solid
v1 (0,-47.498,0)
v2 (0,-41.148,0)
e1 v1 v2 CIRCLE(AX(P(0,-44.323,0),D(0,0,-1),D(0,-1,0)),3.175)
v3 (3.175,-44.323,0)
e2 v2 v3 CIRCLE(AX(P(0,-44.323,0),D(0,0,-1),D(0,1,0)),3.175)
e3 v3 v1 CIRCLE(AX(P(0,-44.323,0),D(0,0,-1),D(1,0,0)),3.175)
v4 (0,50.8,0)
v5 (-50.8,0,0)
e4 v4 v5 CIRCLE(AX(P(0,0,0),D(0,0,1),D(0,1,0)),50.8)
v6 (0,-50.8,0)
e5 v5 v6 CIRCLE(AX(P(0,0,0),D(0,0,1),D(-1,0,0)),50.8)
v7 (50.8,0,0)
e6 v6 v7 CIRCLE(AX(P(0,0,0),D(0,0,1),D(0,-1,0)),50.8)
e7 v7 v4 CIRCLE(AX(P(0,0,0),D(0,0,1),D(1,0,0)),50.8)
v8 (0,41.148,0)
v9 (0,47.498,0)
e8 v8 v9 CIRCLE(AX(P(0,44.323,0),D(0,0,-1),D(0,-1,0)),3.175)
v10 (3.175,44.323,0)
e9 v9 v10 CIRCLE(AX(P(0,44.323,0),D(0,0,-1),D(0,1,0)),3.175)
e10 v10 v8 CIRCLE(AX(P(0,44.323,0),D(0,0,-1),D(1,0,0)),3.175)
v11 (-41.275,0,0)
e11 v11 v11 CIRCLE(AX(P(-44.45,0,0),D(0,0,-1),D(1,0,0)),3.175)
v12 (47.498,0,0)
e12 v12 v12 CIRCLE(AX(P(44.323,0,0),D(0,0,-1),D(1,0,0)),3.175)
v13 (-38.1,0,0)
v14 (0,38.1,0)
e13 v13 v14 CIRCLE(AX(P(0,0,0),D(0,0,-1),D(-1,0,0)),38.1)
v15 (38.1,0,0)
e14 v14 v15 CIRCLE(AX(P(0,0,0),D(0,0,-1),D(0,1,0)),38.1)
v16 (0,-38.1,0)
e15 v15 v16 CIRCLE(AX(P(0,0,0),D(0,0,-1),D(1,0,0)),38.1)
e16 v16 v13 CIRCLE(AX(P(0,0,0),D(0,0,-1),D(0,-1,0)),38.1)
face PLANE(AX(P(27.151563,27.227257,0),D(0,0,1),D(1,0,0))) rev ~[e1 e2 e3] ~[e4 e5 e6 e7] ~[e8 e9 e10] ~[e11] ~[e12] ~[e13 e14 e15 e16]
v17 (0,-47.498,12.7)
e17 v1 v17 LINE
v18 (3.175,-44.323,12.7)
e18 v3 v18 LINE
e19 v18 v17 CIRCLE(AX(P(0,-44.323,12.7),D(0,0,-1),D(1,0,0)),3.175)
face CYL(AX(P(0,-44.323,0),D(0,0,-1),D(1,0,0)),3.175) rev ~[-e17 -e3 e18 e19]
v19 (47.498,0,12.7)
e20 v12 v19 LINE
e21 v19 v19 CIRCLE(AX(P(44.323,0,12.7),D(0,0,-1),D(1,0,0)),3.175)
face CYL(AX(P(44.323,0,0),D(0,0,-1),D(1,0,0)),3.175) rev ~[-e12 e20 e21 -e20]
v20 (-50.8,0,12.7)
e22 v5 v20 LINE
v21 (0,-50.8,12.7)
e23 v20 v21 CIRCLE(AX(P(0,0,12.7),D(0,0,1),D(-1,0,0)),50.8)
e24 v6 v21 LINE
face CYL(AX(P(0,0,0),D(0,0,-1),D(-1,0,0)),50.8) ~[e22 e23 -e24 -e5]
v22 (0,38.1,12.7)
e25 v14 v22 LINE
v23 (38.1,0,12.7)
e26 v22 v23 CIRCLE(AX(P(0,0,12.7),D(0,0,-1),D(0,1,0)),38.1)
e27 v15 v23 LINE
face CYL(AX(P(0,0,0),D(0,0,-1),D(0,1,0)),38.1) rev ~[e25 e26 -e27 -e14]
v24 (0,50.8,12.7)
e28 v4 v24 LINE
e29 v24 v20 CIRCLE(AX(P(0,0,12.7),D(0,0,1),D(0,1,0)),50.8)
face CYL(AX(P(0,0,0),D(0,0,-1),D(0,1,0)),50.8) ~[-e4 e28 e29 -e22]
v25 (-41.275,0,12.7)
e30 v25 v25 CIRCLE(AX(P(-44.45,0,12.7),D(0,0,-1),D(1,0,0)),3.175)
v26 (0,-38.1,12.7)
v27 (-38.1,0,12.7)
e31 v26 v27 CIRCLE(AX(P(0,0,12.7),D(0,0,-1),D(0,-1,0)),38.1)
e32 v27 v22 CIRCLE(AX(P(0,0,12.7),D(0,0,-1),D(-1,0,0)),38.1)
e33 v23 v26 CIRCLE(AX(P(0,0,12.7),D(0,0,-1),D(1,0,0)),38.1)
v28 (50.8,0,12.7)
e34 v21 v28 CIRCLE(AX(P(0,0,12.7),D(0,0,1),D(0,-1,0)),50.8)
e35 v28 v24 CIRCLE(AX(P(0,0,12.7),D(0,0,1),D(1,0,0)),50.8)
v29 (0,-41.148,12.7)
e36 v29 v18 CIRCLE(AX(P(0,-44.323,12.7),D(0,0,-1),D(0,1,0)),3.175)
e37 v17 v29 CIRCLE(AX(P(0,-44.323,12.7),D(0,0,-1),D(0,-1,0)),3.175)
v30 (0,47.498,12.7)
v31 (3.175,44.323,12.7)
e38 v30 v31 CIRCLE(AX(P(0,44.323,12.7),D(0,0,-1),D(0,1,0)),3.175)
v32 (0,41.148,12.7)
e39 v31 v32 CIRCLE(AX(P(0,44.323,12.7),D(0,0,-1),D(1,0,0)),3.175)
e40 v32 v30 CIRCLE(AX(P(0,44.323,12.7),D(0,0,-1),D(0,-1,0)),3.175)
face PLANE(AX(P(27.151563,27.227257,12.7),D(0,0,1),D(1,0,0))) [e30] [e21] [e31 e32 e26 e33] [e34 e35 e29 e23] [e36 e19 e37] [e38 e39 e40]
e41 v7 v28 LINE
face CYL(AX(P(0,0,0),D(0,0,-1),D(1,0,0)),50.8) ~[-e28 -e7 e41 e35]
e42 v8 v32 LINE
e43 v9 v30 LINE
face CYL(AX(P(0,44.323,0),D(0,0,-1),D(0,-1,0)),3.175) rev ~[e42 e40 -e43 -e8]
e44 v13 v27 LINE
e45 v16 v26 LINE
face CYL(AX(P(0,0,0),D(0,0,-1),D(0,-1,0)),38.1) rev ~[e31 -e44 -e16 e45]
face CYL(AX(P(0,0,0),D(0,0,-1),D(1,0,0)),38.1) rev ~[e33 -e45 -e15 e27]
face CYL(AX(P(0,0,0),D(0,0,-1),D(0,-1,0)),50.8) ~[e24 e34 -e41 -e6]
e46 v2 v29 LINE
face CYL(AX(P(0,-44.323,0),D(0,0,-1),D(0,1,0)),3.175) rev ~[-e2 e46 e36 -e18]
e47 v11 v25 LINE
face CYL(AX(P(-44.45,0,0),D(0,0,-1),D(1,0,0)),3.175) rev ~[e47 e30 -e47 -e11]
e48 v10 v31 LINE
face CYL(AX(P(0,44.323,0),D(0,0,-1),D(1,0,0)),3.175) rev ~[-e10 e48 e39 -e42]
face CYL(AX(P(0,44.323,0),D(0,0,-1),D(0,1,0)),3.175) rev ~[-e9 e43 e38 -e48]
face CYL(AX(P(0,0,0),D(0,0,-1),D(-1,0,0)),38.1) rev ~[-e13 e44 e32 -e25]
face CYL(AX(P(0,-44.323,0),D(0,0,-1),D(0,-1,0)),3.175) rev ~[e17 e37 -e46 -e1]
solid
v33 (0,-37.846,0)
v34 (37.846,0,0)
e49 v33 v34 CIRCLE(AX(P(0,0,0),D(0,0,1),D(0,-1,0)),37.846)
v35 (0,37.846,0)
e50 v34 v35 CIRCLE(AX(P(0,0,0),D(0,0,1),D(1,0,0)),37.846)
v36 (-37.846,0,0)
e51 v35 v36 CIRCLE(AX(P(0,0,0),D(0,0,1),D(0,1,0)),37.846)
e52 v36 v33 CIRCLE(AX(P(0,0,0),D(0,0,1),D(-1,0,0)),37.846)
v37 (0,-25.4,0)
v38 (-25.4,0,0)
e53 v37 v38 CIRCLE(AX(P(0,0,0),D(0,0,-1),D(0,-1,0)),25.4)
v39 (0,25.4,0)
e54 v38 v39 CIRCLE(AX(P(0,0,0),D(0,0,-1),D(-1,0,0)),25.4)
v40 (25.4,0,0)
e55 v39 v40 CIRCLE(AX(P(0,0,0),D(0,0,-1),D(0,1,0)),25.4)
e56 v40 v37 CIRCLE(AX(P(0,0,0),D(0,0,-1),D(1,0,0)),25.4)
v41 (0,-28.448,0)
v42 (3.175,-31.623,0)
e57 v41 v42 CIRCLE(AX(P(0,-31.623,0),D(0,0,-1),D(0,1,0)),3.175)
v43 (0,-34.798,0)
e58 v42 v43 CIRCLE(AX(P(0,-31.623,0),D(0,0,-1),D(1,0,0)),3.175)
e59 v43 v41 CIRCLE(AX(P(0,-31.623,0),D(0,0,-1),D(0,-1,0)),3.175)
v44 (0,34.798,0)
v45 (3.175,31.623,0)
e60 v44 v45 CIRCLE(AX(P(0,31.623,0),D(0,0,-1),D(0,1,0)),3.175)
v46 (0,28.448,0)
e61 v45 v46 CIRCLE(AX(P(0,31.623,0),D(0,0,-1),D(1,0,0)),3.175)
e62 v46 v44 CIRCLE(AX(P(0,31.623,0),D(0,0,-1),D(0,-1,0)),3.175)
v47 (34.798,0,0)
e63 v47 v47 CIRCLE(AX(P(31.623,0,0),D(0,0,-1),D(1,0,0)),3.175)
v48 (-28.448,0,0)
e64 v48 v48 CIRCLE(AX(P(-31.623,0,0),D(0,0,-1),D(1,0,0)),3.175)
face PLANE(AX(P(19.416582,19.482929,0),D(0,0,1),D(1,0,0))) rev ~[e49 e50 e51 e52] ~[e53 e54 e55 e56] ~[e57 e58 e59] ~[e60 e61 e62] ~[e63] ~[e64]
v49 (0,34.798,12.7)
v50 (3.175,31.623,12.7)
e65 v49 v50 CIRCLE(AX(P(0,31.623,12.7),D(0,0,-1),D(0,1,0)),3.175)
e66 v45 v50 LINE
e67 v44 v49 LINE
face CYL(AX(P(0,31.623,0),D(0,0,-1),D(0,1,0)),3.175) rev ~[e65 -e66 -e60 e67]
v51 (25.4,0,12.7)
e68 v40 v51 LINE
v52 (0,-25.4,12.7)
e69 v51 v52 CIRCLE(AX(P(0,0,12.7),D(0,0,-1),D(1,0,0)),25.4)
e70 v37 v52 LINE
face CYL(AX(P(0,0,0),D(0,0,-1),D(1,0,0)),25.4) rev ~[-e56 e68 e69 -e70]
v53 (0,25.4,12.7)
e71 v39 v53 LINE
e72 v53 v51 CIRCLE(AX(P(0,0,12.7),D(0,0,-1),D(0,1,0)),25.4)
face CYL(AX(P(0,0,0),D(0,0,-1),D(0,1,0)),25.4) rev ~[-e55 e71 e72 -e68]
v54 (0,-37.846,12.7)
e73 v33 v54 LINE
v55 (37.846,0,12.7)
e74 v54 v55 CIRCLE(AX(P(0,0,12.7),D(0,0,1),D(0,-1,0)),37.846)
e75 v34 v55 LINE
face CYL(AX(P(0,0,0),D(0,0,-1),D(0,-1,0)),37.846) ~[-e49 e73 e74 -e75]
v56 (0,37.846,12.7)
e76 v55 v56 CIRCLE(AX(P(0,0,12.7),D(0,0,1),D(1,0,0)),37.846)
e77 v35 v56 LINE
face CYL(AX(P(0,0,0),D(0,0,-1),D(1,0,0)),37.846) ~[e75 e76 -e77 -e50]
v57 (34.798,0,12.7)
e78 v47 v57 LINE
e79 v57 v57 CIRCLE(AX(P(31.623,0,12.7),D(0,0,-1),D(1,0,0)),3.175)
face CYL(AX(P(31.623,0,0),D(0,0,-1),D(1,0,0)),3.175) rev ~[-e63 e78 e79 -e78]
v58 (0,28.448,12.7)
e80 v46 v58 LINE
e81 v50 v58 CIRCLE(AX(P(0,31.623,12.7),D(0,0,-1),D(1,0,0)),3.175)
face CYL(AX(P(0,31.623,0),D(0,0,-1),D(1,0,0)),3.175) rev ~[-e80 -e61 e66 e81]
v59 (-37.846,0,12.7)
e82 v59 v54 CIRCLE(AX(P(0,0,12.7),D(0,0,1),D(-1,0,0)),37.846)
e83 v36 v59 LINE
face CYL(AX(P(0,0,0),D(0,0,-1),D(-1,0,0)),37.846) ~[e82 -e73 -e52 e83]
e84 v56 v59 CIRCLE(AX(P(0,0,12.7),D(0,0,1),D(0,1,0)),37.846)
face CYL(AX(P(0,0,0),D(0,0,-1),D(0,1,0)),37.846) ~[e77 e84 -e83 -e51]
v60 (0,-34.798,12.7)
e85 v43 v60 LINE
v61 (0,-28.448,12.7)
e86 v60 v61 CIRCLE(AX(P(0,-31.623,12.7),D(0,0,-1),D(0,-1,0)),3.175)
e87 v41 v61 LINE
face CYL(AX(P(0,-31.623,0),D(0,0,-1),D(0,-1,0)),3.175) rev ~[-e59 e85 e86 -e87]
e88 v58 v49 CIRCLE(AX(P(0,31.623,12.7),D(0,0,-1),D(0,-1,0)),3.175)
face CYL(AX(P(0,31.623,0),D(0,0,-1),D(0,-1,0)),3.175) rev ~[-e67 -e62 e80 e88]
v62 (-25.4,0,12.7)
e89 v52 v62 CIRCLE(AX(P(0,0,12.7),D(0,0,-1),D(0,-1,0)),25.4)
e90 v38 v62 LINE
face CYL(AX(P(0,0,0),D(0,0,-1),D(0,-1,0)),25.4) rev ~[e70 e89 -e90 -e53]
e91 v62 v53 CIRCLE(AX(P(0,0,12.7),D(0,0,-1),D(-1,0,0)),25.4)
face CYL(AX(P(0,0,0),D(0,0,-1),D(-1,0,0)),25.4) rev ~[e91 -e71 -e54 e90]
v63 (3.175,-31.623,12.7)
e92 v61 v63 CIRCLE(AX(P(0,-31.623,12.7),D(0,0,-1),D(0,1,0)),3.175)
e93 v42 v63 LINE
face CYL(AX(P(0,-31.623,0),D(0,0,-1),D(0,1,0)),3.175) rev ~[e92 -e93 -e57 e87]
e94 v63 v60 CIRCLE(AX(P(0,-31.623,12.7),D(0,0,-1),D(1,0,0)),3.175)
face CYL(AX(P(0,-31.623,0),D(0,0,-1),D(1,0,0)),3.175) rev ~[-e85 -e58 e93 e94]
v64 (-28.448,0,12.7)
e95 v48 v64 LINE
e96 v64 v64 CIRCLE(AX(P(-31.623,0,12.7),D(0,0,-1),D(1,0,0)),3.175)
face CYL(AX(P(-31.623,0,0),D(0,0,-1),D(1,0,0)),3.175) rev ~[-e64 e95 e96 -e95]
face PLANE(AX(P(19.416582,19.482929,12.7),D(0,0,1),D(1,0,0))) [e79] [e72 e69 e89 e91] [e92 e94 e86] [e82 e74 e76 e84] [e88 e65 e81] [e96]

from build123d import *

# Parameters (mm, degrees)
F1_DEPTH = 12.7


with BuildPart() as f1:
    # F0 (on Top) → F1 (new body)
    with BuildSketch(Plane.XY):
        with BuildLine():
            Line((34.798, 0), (37.846, 0))
            ThreePointArc((37.846, 0), (26.7611632408, 26.7611632408), (0, 37.846))
            Line((0, 37.846), (0, 34.798))
            ThreePointArc((0, 34.798), (2.2450640303, 33.8680640303), (3.175, 31.623))
            ThreePointArc((3.175, 31.623), (2.2450640303, 29.3779359697), (0, 28.448))
            Line((0, 28.448), (0, 25.4))
            ThreePointArc((0, 25.4), (17.9605122421, 17.9605122421), (25.4, 0))
            Line((25.4, 0), (28.448, 0))
            ThreePointArc((28.448, 0), (31.623, 3.175), (34.798, 0))
        make_face()
        with BuildLine():
            Line((0, 34.798), (0, 37.846))
            ThreePointArc((0, 37.846), (-26.7611632408, 26.7611632408), (-37.846, 0))
            Line((-37.846, 0), (-34.798, 0))
            ThreePointArc((-34.798, 0), (-31.623, 3.175), (-28.448, 0))
            Line((-28.448, 0), (-25.4, 0))
            ThreePointArc((-25.4, 0), (-17.9605122421, 17.9605122421), (0, 25.4))
            Line((0, 25.4), (0, 28.448))
            ThreePointArc((0, 28.448), (-3.175, 31.623), (0, 34.798))
        make_face()
        with BuildLine():
            ThreePointArc((0, -37.846), (26.7611632408, -26.7611632408), (37.846, 0))
            Line((37.846, 0), (34.798, 0))
            ThreePointArc((34.798, 0), (31.623, -3.175), (28.448, 0))
            Line((28.448, 0), (25.4, 0))
            ThreePointArc((25.4, 0), (17.9605122421, -17.9605122421), (0, -25.4))
            Line((0, -25.4), (0, -28.448))
            ThreePointArc((0, -28.448), (2.2450640303, -29.3779359697), (3.175, -31.623))
            ThreePointArc((3.175, -31.623), (2.2450640303, -33.8680640303), (0, -34.798))
            Line((0, -34.798), (0, -37.846))
        make_face()
        with BuildLine():
            ThreePointArc((-37.846, 0), (-26.7611632408, -26.7611632408), (0, -37.846))
            Line((0, -37.846), (0, -34.798))
            ThreePointArc((0, -34.798), (-3.175, -31.623), (0, -28.448))
            Line((0, -28.448), (0, -25.4))
            ThreePointArc((0, -25.4), (-17.9605122421, -17.9605122421), (-25.4, 0))
            Line((-25.4, 0), (-28.448, 0))
            ThreePointArc((-28.448, 0), (-31.623, -3.175), (-34.798, 0))
            Line((-34.798, 0), (-37.846, 0))
        make_face()
    extrude(amount=F1_DEPTH)


with BuildPart() as f1b:
    # F0 (on Top) → F1, piece 2 (new body)
    with BuildSketch(Plane.XY):
        with BuildLine():
            Line((47.498, 0), (50.8, 0))
            ThreePointArc((50.8, 0), (35.9210244843, 35.9210244843), (0, 50.8))
            Line((0, 50.8), (0, 47.498))
            ThreePointArc((0, 47.498), (2.2450640303, 46.5680640303), (3.175, 44.323))
            ThreePointArc((3.175, 44.323), (2.2450640303, 42.0779359697), (0, 41.148))
            Line((0, 41.148), (0, 38.1))
            ThreePointArc((0, 38.1), (26.9407683632, 26.9407683632), (38.1, 0))
            Line((38.1, 0), (41.148, 0))
            ThreePointArc((41.148, 0), (44.323, 3.175), (47.498, 0))
        make_face()
        with BuildLine():
            Line((0, 47.498), (0, 50.8))
            ThreePointArc((0, 50.8), (-35.9210244843, 35.9210244843), (-50.8, 0))
            Line((-50.8, 0), (-47.625, 0))
            ThreePointArc((-47.625, 0), (-44.45, 3.175), (-41.275, 0))
            Line((-41.275, 0), (-38.1, 0))
            ThreePointArc((-38.1, 0), (-26.9407683632, 26.9407683632), (0, 38.1))
            Line((0, 38.1), (0, 41.148))
            ThreePointArc((0, 41.148), (-3.175, 44.323), (0, 47.498))
        make_face()
        with BuildLine():
            ThreePointArc((-50.8, 0), (-35.9210244843, -35.9210244843), (0, -50.8))
            Line((0, -50.8), (0, -47.498))
            ThreePointArc((0, -47.498), (-3.175, -44.323), (0, -41.148))
            Line((0, -41.148), (0, -38.1))
            ThreePointArc((0, -38.1), (-26.9407683632, -26.9407683632), (-38.1, 0))
            Line((-38.1, 0), (-41.275, 0))
            ThreePointArc((-41.275, 0), (-44.45, -3.175), (-47.625, 0))
            Line((-47.625, 0), (-50.8, 0))
        make_face()
        with BuildLine():
            ThreePointArc((0, -50.8), (35.9210244843, -35.9210244843), (50.8, 0))
            Line((50.8, 0), (47.498, 0))
            ThreePointArc((47.498, 0), (44.323, -3.175), (41.148, 0))
            Line((41.148, 0), (38.1, 0))
            ThreePointArc((38.1, 0), (26.9407683632, -26.9407683632), (0, -38.1))
            Line((0, -38.1), (0, -41.148))
            ThreePointArc((0, -41.148), (2.2450640303, -42.0779359697), (3.175, -44.323))
            ThreePointArc((3.175, -44.323), (2.2450640303, -46.5680640303), (0, -47.498))
            Line((0, -47.498), (0, -50.8))
        make_face()
    extrude(amount=F1_DEPTH)


solid = Compound([f1.part, f1b.part])
